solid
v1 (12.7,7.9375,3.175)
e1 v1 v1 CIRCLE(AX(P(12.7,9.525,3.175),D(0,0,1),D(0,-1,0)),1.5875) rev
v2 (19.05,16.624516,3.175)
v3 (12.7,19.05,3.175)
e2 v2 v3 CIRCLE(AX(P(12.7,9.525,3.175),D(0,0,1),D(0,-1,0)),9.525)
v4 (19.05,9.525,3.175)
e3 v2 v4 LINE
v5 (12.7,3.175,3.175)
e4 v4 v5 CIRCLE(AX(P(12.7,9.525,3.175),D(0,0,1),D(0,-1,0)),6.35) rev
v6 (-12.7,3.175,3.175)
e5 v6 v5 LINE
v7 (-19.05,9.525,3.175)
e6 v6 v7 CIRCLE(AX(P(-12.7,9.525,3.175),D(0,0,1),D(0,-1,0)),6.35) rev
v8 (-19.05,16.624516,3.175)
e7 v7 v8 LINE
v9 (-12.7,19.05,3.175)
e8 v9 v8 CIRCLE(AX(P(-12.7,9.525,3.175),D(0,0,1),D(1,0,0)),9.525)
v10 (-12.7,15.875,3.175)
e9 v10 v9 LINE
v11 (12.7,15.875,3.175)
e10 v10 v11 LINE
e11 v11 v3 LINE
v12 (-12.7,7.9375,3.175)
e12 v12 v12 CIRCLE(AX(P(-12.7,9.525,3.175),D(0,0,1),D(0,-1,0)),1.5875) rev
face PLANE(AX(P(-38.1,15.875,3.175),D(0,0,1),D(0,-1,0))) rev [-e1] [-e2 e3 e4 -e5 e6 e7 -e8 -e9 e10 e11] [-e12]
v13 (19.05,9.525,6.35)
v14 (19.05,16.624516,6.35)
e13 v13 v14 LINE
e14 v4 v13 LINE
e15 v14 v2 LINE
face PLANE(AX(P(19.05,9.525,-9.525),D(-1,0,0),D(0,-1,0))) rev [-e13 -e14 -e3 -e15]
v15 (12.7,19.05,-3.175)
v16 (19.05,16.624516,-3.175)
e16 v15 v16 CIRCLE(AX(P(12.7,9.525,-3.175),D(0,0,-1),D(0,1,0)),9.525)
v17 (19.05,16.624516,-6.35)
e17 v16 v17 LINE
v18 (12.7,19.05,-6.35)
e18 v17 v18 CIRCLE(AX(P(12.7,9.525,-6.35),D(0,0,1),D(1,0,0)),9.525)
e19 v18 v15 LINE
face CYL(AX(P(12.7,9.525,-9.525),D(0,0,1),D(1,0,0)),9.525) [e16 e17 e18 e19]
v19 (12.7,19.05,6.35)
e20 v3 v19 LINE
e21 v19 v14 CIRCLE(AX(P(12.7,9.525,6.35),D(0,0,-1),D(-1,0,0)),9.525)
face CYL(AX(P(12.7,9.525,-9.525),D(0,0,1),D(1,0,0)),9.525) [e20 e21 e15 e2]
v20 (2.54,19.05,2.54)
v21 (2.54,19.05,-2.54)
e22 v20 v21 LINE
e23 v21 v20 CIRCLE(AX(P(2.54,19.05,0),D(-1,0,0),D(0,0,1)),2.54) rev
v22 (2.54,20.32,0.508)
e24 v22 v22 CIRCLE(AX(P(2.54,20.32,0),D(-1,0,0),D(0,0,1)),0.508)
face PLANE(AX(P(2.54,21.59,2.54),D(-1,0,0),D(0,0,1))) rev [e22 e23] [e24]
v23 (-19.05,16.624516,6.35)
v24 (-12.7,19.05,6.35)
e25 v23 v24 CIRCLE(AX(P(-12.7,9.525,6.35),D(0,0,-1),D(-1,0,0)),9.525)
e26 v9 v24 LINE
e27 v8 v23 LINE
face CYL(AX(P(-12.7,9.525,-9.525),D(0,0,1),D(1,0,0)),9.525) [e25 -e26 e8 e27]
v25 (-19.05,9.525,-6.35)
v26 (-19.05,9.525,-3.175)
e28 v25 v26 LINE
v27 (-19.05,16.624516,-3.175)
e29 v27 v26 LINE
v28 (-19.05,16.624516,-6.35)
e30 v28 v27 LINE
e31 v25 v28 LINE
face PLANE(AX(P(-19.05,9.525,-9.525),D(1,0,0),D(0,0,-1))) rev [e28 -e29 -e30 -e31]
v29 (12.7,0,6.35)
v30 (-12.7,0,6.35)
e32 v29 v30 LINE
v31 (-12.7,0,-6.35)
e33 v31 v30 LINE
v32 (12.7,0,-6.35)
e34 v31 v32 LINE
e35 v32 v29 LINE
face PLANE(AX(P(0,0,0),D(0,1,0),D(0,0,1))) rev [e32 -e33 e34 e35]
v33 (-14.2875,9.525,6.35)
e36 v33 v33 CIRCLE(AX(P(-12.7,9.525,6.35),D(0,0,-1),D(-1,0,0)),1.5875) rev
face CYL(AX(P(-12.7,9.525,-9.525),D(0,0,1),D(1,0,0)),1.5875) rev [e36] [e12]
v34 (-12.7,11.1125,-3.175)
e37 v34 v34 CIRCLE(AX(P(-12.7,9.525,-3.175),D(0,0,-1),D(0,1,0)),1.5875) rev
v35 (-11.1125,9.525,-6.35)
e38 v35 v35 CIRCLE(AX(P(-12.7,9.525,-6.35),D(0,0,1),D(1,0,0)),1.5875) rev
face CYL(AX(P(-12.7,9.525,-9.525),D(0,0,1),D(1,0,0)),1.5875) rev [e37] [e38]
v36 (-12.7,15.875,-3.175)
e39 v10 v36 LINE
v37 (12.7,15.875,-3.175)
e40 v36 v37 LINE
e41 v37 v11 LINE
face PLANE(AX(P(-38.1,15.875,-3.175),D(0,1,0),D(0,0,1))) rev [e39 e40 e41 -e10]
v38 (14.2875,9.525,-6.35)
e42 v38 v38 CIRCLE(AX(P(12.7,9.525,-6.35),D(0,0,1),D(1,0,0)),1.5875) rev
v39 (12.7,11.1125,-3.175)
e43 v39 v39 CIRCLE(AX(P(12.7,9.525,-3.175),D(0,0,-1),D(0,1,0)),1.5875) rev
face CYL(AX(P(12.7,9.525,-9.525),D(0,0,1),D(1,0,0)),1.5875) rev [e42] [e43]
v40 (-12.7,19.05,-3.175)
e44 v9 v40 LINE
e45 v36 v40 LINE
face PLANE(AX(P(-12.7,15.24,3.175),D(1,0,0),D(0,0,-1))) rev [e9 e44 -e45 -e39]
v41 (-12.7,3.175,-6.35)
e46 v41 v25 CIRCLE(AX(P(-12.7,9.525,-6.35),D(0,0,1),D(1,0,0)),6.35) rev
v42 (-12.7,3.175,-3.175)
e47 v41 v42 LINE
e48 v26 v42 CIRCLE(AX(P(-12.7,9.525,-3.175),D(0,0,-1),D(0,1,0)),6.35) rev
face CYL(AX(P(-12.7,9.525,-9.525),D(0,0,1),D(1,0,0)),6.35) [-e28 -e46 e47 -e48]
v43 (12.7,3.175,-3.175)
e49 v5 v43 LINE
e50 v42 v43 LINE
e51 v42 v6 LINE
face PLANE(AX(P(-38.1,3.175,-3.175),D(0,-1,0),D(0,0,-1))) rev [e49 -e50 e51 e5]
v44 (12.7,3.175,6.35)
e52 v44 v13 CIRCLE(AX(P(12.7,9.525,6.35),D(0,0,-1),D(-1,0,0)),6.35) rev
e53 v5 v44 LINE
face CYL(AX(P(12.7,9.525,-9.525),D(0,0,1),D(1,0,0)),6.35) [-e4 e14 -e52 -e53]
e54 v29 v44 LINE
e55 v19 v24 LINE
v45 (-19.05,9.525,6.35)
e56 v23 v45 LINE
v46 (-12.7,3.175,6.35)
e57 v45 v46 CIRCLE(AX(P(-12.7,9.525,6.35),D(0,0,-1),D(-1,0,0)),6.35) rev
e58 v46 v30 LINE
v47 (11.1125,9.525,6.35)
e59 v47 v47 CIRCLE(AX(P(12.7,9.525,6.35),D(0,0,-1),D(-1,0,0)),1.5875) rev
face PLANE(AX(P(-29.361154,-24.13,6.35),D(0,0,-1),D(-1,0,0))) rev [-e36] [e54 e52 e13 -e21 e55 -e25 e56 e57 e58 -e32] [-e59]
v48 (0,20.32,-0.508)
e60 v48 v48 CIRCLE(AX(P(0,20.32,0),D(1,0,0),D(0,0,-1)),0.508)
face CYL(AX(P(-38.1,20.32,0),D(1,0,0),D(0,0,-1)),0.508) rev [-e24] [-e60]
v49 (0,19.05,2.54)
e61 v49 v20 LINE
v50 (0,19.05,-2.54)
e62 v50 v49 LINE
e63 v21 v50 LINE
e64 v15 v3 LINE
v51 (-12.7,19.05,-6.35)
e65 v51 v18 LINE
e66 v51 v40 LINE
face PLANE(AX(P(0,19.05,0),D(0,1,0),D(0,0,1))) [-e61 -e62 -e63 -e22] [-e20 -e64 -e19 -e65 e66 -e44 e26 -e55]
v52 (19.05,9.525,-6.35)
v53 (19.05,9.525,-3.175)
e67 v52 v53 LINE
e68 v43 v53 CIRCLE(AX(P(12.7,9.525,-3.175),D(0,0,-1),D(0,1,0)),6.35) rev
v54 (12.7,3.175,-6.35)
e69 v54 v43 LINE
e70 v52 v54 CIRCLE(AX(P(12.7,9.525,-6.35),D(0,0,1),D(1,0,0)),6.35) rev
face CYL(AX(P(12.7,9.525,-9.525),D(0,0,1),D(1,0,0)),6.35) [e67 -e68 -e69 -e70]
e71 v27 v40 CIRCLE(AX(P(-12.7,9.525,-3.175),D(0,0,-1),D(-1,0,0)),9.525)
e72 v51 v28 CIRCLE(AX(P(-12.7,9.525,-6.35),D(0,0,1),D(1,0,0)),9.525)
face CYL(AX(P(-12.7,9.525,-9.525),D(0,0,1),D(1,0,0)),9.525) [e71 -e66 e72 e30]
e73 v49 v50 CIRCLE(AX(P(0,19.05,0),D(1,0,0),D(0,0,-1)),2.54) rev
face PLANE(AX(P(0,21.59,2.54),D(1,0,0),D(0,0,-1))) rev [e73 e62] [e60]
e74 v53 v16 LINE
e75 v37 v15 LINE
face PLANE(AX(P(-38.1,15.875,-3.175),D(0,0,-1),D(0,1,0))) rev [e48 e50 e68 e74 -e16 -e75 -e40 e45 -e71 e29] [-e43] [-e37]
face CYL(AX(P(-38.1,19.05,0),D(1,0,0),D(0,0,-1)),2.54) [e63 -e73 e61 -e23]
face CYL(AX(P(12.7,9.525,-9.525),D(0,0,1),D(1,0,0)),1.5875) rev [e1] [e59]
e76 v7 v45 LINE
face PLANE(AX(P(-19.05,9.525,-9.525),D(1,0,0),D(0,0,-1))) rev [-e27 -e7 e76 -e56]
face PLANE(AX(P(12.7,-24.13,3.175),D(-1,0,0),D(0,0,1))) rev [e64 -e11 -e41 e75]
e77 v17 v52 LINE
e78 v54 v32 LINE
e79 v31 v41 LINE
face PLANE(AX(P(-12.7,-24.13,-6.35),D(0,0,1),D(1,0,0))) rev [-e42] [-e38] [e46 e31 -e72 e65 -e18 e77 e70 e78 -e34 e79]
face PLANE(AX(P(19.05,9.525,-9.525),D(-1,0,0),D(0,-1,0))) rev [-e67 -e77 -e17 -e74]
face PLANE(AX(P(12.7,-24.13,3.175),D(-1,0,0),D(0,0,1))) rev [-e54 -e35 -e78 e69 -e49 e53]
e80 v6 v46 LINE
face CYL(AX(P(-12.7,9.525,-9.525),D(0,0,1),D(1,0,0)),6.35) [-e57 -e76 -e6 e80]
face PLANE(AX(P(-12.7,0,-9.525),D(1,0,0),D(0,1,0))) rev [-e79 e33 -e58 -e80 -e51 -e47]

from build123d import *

# Parameters (mm, degrees)
SKETCH1_W           = 44.45
SKETCH1_H           = 19.05
BOSS_EXTRUDE1_DEPTH = 19.05
SKETCH2_R           = 1.5875
CUT_EXTRUDE1_DEPTH  = 19.05
SKETCH9_W           = 2.54
SKETCH9_H           = 5.08
BOSS_EXTRUDE2_DEPTH = 2.54
SKETCH3_R           = 0.508
SKETCH3_W           = 6.35
SKETCH3_H           = 12.7
CUT_EXTRUDE2_DEPTH  = 38.1
SKETCH4_W           = 16.467967332
SKETCH4_H           = 6.35
CUT_EXTRUDE3_DEPTH  = 43.18
CUT_EXTRUDE4_DEPTH  = 19.05
SKETCH7_W           = 15.04890267
SKETCH7_H           = 6.35
CUT_EXTRUDE5_DEPTH  = 3.81


with BuildPart() as part:
    # Sketch1 → Boss-Extrude1 (new body)
    with BuildSketch(Plane(origin=(0, 0, 0), x_dir=(1, 0, 0), z_dir=(0, 1, 0))):
        Rectangle(SKETCH1_W, SKETCH1_H)
    extrude(amount=BOSS_EXTRUDE1_DEPTH)

    # Sketch2 → Cut-Extrude1 (cut)
    with BuildSketch(Plane.XY.offset(9.525)):
        with Locations((-12.7, 9.525)):
            Circle(SKETCH2_R)
        with Locations((12.7, 9.525)):
            Circle(SKETCH2_R)
        with BuildLine():
            ThreePointArc((-12.7, 19.05), (-22.225, 9.525), (-12.7, 0))
            ThreePointArc((-12.7, 0), (-32.914765451, 9.525), (-12.7, 19.05))
        make_face()
        with BuildLine():
            ThreePointArc((12.7, 19.05), (32.914765451, 9.525), (12.7, 0))
            ThreePointArc((12.7, 0), (22.225, 9.525), (12.7, 19.05))
        make_face()
    extrude(amount=-CUT_EXTRUDE1_DEPTH, mode=Mode.SUBTRACT)

    # Sketch9 → Boss-Extrude2 (add)
    with BuildSketch(Plane(origin=(0, 19.05, 0), x_dir=(1, 0, 0), z_dir=(0, 1, 0))):
        with Locations((1.27, 0)):
            Rectangle(SKETCH9_W, SKETCH9_H)
    extrude(amount=BOSS_EXTRUDE2_DEPTH)

    # Sketch3 → Cut-Extrude2 (cut, symmetric)
    with BuildSketch(Plane(origin=(0, 0, 0), x_dir=(0, 0, -1), z_dir=(1, 0, 0))):
        with Locations((0, 20.32)):
            Circle(SKETCH3_R)
        with Locations((0, 9.525)):
            Rectangle(SKETCH3_W, SKETCH3_H)
        with BuildLine():
            ThreePointArc((-2.54, 19.05), (0, 21.59), (2.54, 19.05))
            ThreePointArc((2.54, 19.05), (0, 24.1080653), (-2.54, 19.05))
        make_face()
    extrude(amount=CUT_EXTRUDE2_DEPTH, both=True, mode=Mode.SUBTRACT)

    # Sketch4 → Cut-Extrude3 (cut)
    with BuildSketch(Plane(origin=(0, 19.05, 0), x_dir=(1, 0, 0), z_dir=(0, 1, 0))):
        Polygon((-29.361154188, -9.525), (-12.7, -9.525), (1.5875, -9.525), (28.406626571, -9.525), (28.406626571, -6.35), (1.5875, -6.35), (-12.7, -6.35), (-29.361154188, -6.35), align=None)
        Polygon((-12.7, 6.35), (-31.510324581, 6.35), (-31.510324581, 9.525), (-11.1125, 9.525), (1.5875, 9.525), (30.675017081, 9.525), (30.675017081, 6.35), (1.5875, 6.35), align=None)
        with Locations((20.933983666, 0)):
            Rectangle(SKETCH4_W, SKETCH4_H)
    extrude(amount=-CUT_EXTRUDE3_DEPTH, mode=Mode.SUBTRACT)

    # Sketch6 → Cut-Extrude4 (cut)
    with BuildSketch(Plane.XY.offset(9.525)):
        with BuildLine():
            Line((12.7, 0), (31.980086248, 0))
            Line((31.980086248, 0), (31.980086248, 3.175))
            Line((31.980086248, 3.175), (26.13215645, 13.808491056))
            Line((26.13215645, 13.808491056), (19.05, 19.755698555))
            Line((19.05, 19.755698555), (19.05, 9.525))
            ThreePointArc((19.05, 9.525), (17.190128061, 5.034871939), (12.7, 3.175))
            Line((12.7, 3.175), (12.7, 0))
        make_face()
        with BuildLine():
            Line((-12.7, 0), (-12.7, 3.175))
            ThreePointArc((-12.7, 3.175), (-17.190128061, 5.034871939), (-19.05, 9.525))
            Line((-19.05, 9.525), (-19.05, 20.942771878))
            Line((-19.05, 20.942771878), (-28.921644245, 11.767684684))
            Line((-28.921644245, 11.767684684), (-28.921644245, 0))
            Line((-28.921644245, 0), (-12.7, 0))
        make_face()
    extrude(amount=-CUT_EXTRUDE4_DEPTH, mode=Mode.SUBTRACT)

    # Sketch7 → Cut-Extrude5 (cut)
    with BuildSketch(Plane(origin=(0, 19.05, 0), x_dir=(1, 0, 0), z_dir=(0, 1, 0))):
        with Locations((-20.224451335, 0)):
            Rectangle(SKETCH7_W, SKETCH7_H)
    extrude(amount=-CUT_EXTRUDE5_DEPTH, mode=Mode.SUBTRACT)


solid = part.part
